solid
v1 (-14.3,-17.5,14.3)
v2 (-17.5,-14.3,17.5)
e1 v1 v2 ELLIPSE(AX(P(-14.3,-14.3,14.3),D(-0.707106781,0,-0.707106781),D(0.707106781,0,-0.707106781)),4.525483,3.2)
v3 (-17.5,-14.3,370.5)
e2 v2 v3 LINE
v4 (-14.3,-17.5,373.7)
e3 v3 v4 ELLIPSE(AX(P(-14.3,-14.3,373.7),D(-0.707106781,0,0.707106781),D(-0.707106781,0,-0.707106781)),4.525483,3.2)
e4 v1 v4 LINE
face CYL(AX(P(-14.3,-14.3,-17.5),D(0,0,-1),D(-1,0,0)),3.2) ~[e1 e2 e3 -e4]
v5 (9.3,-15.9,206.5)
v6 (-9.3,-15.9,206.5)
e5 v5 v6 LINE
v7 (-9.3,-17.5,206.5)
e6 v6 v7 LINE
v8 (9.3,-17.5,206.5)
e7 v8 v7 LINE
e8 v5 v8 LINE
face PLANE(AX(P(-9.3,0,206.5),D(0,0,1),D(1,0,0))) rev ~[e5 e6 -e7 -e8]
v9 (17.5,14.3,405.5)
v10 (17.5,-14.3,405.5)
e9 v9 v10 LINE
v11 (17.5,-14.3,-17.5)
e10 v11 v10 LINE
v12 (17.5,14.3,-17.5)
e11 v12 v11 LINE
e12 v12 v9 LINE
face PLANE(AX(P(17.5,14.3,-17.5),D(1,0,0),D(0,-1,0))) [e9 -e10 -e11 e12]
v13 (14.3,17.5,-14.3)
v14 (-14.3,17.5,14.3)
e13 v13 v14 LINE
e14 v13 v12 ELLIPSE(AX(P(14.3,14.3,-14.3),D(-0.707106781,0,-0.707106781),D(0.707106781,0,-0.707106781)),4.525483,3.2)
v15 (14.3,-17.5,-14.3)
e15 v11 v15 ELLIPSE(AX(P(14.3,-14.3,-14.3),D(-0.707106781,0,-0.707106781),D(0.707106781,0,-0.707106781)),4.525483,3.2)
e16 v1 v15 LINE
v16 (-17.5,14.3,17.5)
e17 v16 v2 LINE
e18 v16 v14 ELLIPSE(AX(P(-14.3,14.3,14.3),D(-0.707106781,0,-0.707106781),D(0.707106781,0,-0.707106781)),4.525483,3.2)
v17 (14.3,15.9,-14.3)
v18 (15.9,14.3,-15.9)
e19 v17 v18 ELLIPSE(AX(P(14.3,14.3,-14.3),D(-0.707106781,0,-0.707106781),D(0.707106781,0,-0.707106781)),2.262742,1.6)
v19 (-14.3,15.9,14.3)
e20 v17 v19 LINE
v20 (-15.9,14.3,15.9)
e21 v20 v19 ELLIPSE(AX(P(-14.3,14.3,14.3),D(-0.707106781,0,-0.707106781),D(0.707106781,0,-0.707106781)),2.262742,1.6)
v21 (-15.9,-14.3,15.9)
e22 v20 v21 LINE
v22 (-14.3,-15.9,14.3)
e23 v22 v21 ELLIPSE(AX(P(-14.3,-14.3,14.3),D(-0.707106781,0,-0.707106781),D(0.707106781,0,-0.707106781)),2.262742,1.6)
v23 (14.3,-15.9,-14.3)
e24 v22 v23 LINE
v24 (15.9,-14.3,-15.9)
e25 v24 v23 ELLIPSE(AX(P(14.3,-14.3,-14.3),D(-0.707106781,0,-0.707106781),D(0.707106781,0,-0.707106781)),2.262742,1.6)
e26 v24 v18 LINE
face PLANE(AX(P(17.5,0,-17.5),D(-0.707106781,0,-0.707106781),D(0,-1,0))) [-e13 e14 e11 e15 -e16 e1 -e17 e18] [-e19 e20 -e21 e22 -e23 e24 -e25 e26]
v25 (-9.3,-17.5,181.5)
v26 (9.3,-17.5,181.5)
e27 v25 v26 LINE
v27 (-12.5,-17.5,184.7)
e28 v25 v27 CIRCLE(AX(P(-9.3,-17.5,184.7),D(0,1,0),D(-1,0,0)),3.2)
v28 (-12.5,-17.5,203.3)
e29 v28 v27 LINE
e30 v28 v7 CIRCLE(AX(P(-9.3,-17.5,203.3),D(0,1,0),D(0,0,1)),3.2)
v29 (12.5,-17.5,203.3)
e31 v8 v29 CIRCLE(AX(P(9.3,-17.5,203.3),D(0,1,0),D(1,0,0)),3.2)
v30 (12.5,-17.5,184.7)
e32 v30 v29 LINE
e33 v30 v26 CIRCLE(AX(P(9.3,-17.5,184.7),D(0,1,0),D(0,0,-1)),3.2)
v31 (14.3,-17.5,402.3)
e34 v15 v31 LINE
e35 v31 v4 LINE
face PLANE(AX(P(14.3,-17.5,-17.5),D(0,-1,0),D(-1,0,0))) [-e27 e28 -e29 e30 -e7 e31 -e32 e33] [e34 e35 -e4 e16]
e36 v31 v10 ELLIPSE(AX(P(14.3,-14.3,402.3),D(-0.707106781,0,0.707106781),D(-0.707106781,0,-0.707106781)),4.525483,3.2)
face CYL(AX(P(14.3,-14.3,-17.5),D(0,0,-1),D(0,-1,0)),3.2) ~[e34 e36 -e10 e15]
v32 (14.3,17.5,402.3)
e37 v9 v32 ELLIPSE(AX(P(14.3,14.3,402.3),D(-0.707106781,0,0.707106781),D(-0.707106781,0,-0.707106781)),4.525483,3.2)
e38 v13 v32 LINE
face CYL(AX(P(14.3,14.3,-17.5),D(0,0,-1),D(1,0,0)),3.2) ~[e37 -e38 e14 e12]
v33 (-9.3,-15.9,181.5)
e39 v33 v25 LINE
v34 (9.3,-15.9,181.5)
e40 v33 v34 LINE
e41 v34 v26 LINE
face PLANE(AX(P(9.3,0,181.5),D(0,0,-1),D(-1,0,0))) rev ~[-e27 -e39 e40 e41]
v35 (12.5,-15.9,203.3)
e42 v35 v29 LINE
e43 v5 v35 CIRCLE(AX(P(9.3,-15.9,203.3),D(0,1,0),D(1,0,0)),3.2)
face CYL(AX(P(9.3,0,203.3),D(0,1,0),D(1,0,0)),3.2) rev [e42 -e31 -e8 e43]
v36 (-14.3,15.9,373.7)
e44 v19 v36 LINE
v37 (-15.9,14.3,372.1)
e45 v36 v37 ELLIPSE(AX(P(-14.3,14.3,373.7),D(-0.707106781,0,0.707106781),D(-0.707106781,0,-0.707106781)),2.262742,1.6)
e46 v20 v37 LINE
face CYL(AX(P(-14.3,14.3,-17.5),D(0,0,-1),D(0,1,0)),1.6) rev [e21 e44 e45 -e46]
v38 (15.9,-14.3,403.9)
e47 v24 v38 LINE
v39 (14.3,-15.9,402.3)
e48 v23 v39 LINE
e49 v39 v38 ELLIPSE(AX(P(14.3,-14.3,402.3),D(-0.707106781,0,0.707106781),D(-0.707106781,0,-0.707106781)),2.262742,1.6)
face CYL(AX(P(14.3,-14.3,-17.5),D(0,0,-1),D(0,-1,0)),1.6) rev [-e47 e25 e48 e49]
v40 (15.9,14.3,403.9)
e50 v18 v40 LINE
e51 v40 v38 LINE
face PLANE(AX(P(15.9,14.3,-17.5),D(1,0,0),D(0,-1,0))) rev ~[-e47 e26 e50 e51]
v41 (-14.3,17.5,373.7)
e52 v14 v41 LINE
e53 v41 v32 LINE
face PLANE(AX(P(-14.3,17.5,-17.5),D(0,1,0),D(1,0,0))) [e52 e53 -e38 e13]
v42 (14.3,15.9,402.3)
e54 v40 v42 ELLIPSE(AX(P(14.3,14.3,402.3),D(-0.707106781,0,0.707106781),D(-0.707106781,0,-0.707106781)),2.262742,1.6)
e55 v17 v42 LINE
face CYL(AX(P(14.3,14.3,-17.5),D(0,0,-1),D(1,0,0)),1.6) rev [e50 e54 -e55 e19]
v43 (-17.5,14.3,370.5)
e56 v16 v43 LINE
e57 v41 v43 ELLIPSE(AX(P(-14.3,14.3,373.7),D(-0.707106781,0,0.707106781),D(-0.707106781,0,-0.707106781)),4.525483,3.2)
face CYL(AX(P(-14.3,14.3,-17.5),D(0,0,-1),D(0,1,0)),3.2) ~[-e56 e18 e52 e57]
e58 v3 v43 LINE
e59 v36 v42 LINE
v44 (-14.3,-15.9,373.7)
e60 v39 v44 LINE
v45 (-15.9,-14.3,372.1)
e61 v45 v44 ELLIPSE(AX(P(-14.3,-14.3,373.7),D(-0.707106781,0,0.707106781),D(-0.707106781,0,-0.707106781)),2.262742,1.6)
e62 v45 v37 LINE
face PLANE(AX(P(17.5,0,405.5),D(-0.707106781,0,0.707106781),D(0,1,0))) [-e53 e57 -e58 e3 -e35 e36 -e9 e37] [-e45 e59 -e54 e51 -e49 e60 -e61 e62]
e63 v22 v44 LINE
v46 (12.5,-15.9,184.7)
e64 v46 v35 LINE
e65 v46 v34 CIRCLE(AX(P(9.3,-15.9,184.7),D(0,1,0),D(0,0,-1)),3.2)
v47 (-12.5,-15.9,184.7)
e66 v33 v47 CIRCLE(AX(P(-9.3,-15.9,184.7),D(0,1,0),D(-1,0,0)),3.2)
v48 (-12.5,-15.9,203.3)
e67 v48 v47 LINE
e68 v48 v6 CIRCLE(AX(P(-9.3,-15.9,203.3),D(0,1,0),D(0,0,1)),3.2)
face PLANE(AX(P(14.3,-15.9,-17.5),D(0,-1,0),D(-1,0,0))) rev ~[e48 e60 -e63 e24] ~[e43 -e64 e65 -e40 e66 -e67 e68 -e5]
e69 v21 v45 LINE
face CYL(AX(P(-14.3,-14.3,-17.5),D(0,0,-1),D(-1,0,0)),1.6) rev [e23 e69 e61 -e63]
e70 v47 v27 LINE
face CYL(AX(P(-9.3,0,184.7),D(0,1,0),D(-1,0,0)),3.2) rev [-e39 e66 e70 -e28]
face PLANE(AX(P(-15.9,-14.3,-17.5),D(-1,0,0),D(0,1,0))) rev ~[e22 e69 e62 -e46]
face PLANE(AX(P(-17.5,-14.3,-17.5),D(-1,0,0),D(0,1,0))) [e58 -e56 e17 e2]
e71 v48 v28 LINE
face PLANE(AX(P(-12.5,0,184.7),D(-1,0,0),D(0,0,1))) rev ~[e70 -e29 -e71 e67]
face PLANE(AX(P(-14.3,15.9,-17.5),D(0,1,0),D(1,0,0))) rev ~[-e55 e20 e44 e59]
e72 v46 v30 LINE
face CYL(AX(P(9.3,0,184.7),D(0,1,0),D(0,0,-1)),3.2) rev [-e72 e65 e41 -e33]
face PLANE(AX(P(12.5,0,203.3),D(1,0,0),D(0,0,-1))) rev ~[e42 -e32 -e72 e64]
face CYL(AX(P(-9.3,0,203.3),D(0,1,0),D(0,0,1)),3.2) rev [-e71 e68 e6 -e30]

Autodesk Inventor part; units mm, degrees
ref_plane "Start plane" through (0, 0, -17.5) normal (0, 0, 1) x (1, 0, 0)
ref_plane "End plane" through (0, 0, 405.5) normal (0, 0, 1) x (1, 0, 0)
sketch "Sketch" plane through (0, 0, 0) normal (0, 0, 1) x (1, 0, 0)
  line L0 (-17.5, -14.3) -> (-17.5, 14.3)
  line L1 (-14.3, 17.5) -> (14.3, 17.5)
  line L2 (17.5, 14.3) -> (17.5, -14.3)
  line L3 (14.3, -17.5) -> (-14.3, -17.5)
  arc A0 (-17.5, -14.3) -> (-14.3, -17.5) centre (-14.3, -14.3) ccw
  arc A1 (-14.3, 17.5) -> (-17.5, 14.3) centre (-14.3, 14.3) ccw
  arc A2 (17.5, 14.3) -> (14.3, 17.5) centre (14.3, 14.3) ccw
  arc A3 (14.3, -17.5) -> (17.5, -14.3) centre (14.3, -14.3) ccw
  arc A4 (-14.3, 15.9) -> (-15.9, 14.3) centre (-14.3, 14.3) ccw
  line L4 (-14.3, 15.9) -> (14.3, 15.9)
  arc A5 (15.9, 14.3) -> (14.3, 15.9) centre (14.3, 14.3) ccw
  line L5 (15.9, 14.3) -> (15.9, -14.3)
  arc A6 (14.3, -15.9) -> (15.9, -14.3) centre (14.3, -14.3) ccw
  line L6 (14.3, -15.9) -> (-14.3, -15.9)
  arc A7 (-15.9, -14.3) -> (-14.3, -15.9) centre (-14.3, -14.3) ccw
  line L7 (-15.9, -14.3) -> (-15.9, 14.3)
  line L8 (0, 25.4278) -> (0, -25.4278) construction
  line L9 (-25.4278, 0) -> (25.4278, 0) construction
  dimension "d7" = 3.2
  dimension "d10" = 35
  dimension "d11" = 35
  dimension "d12" = 1.6
  dimension "d15" = 17.5
  dimension "d16" = 17.5
extrude "Body" add sketch "Sketch" along normal up to surface (423 mm away) from surface at -17.5
sketch "Sketch3" plane through (0, 0, 0) normal (0, 0, 1) x (1, 0, 0)
  line L0 (0, 0) -> (10, 0)
ref_plane "Work Plane3" through (0, 0, 0) normal (0, -1, 0) x (1, 0, 0)
sketch "Sketch4" plane through (0, 0, 0) normal (0, -1, 0) x (1, 0, 0)
  line L0 (-2, -17.5) -> (12, -17.5)
  line L1 (-2, 405.5) -> (12, 405.5)
  dimension "d18" = 423
ref_plane "Work Plane4" through (0, 0, 194) normal (0, -1, 0) x (1, 0, 0)
ref_plane "Work Plane5" through (0, -150, 194) normal (0, -1, 0) x (1, 0, 0)
ref_plane "Work Plane6" through (0, -75, 194) normal (0, -1, 0) x (1, 0, 0)
sketch "Sketch5" plane through (0, -75, 194) normal (0, -1, 0) x (1, 0, 0)
  arc A0 (-12.5, -9.3) -> (-9.3, -12.5) centre (-9.3, -9.3) ccw
  line L0 (-12.5, -9.3) -> (-12.5, 9.3)
  arc A1 (-9.3, 12.5) -> (-12.5, 9.3) centre (-9.3, 9.3) ccw
  line L1 (-9.3, 12.5) -> (9.3, 12.5)
  arc A2 (12.5, 9.3) -> (9.3, 12.5) centre (9.3, 9.3) ccw
  line L2 (12.5, 9.3) -> (12.5, -9.3)
  arc A3 (9.3, -12.5) -> (12.5, -9.3) centre (9.3, -9.3) ccw
  line L3 (9.3, -12.5) -> (-9.3, -12.5)
  arc A4 (-9.3, 10.9) -> (-10.9, 9.3) centre (-9.3, 9.3) ccw
  line L4 (-9.3, 10.9) -> (9.3, 10.9)
  arc A5 (10.9, 9.3) -> (9.3, 10.9) centre (9.3, 9.3) ccw
  line L5 (10.9, 9.3) -> (10.9, -9.3)
  arc A6 (9.3, -10.9) -> (10.9, -9.3) centre (9.3, -9.3) ccw
  line L6 (9.3, -10.9) -> (-9.3, -10.9)
  arc A7 (-10.9, -9.3) -> (-9.3, -10.9) centre (-9.3, -9.3) ccw
  line L7 (-10.9, -9.3) -> (-10.9, 9.3)
extrude "Extrusion2" cut sketch "Sketch5" along normal up to surface (150 mm away) from surface at -75 contours L0 A1 L1 A2 L2 A3 L3 A0 | L4 A5 L5 A6 L6 A7 L7 A4
ref_plane "Work Plane7" through (-12.5983, 0, 400.9862) normal (-0.4912, 0, 0.871) x (0.871, 0, 0.4912)
split "Split1" plane through (-12.5983, 0, 400.9862) removes the side toward (-0.4912, 0, 0.871)
ref_plane "Work Plane8" through (-687.6928, 0, 367.7357) normal (-0.4912, 0, -0.871) x (-0.871, 0, 0.4912)
split "Split2" plane through (-687.6928, 0, 367.7357) removes the side toward (-0.4912, 0, -0.871)
ref_plane "Work Plane9" through (17.5, 0, -17.5) normal (-0.7071, 0, -0.7071) x (-0.7071, 0, 0.7071)
split "Split3" plane through (17.5, 0, -17.5) removes the side toward (-0.7071, 0, -0.7071)
ref_plane "Work Plane10" through (17.5, 0, 405.5) normal (-0.7071, 0, 0.7071) x (0.7071, 0, 0.7071)
split "Split4" plane through (17.5, 0, 405.5) removes the side toward (-0.7071, 0, 0.7071)
equation "\"d7\" = G_IR"
equation "\"d10\" = G_H"
equation "\"d11\" = G_W"
equation "\"d12\" = G_T"
equation "\"d15\" = 0.5 * d10"
equation "\"d16\" = 0.5 * d11"
equation "\"d3\" = G_L"
equation "\"G_W\" = 35"
equation "\"G_H\" = 35"
equation "\"G_T\" = 1.6"
equation "\"G_IR\" = 3.2"
equation "\"G_L\" = d18"
equation "\"G_OFFSET_START\" = 17.5"
equation "\"G_OFFSET_END\" = 17.5"
equation "\"d13\" = -G_OFFSET_START"
equation "\"d14\" = G_OFFSET_END + B_L"
equation "\"B_L\" = 388"
properties part number "AS 1163 - C350L0 35x35x1.6 SHS - 423" material "Steel, Mild"
